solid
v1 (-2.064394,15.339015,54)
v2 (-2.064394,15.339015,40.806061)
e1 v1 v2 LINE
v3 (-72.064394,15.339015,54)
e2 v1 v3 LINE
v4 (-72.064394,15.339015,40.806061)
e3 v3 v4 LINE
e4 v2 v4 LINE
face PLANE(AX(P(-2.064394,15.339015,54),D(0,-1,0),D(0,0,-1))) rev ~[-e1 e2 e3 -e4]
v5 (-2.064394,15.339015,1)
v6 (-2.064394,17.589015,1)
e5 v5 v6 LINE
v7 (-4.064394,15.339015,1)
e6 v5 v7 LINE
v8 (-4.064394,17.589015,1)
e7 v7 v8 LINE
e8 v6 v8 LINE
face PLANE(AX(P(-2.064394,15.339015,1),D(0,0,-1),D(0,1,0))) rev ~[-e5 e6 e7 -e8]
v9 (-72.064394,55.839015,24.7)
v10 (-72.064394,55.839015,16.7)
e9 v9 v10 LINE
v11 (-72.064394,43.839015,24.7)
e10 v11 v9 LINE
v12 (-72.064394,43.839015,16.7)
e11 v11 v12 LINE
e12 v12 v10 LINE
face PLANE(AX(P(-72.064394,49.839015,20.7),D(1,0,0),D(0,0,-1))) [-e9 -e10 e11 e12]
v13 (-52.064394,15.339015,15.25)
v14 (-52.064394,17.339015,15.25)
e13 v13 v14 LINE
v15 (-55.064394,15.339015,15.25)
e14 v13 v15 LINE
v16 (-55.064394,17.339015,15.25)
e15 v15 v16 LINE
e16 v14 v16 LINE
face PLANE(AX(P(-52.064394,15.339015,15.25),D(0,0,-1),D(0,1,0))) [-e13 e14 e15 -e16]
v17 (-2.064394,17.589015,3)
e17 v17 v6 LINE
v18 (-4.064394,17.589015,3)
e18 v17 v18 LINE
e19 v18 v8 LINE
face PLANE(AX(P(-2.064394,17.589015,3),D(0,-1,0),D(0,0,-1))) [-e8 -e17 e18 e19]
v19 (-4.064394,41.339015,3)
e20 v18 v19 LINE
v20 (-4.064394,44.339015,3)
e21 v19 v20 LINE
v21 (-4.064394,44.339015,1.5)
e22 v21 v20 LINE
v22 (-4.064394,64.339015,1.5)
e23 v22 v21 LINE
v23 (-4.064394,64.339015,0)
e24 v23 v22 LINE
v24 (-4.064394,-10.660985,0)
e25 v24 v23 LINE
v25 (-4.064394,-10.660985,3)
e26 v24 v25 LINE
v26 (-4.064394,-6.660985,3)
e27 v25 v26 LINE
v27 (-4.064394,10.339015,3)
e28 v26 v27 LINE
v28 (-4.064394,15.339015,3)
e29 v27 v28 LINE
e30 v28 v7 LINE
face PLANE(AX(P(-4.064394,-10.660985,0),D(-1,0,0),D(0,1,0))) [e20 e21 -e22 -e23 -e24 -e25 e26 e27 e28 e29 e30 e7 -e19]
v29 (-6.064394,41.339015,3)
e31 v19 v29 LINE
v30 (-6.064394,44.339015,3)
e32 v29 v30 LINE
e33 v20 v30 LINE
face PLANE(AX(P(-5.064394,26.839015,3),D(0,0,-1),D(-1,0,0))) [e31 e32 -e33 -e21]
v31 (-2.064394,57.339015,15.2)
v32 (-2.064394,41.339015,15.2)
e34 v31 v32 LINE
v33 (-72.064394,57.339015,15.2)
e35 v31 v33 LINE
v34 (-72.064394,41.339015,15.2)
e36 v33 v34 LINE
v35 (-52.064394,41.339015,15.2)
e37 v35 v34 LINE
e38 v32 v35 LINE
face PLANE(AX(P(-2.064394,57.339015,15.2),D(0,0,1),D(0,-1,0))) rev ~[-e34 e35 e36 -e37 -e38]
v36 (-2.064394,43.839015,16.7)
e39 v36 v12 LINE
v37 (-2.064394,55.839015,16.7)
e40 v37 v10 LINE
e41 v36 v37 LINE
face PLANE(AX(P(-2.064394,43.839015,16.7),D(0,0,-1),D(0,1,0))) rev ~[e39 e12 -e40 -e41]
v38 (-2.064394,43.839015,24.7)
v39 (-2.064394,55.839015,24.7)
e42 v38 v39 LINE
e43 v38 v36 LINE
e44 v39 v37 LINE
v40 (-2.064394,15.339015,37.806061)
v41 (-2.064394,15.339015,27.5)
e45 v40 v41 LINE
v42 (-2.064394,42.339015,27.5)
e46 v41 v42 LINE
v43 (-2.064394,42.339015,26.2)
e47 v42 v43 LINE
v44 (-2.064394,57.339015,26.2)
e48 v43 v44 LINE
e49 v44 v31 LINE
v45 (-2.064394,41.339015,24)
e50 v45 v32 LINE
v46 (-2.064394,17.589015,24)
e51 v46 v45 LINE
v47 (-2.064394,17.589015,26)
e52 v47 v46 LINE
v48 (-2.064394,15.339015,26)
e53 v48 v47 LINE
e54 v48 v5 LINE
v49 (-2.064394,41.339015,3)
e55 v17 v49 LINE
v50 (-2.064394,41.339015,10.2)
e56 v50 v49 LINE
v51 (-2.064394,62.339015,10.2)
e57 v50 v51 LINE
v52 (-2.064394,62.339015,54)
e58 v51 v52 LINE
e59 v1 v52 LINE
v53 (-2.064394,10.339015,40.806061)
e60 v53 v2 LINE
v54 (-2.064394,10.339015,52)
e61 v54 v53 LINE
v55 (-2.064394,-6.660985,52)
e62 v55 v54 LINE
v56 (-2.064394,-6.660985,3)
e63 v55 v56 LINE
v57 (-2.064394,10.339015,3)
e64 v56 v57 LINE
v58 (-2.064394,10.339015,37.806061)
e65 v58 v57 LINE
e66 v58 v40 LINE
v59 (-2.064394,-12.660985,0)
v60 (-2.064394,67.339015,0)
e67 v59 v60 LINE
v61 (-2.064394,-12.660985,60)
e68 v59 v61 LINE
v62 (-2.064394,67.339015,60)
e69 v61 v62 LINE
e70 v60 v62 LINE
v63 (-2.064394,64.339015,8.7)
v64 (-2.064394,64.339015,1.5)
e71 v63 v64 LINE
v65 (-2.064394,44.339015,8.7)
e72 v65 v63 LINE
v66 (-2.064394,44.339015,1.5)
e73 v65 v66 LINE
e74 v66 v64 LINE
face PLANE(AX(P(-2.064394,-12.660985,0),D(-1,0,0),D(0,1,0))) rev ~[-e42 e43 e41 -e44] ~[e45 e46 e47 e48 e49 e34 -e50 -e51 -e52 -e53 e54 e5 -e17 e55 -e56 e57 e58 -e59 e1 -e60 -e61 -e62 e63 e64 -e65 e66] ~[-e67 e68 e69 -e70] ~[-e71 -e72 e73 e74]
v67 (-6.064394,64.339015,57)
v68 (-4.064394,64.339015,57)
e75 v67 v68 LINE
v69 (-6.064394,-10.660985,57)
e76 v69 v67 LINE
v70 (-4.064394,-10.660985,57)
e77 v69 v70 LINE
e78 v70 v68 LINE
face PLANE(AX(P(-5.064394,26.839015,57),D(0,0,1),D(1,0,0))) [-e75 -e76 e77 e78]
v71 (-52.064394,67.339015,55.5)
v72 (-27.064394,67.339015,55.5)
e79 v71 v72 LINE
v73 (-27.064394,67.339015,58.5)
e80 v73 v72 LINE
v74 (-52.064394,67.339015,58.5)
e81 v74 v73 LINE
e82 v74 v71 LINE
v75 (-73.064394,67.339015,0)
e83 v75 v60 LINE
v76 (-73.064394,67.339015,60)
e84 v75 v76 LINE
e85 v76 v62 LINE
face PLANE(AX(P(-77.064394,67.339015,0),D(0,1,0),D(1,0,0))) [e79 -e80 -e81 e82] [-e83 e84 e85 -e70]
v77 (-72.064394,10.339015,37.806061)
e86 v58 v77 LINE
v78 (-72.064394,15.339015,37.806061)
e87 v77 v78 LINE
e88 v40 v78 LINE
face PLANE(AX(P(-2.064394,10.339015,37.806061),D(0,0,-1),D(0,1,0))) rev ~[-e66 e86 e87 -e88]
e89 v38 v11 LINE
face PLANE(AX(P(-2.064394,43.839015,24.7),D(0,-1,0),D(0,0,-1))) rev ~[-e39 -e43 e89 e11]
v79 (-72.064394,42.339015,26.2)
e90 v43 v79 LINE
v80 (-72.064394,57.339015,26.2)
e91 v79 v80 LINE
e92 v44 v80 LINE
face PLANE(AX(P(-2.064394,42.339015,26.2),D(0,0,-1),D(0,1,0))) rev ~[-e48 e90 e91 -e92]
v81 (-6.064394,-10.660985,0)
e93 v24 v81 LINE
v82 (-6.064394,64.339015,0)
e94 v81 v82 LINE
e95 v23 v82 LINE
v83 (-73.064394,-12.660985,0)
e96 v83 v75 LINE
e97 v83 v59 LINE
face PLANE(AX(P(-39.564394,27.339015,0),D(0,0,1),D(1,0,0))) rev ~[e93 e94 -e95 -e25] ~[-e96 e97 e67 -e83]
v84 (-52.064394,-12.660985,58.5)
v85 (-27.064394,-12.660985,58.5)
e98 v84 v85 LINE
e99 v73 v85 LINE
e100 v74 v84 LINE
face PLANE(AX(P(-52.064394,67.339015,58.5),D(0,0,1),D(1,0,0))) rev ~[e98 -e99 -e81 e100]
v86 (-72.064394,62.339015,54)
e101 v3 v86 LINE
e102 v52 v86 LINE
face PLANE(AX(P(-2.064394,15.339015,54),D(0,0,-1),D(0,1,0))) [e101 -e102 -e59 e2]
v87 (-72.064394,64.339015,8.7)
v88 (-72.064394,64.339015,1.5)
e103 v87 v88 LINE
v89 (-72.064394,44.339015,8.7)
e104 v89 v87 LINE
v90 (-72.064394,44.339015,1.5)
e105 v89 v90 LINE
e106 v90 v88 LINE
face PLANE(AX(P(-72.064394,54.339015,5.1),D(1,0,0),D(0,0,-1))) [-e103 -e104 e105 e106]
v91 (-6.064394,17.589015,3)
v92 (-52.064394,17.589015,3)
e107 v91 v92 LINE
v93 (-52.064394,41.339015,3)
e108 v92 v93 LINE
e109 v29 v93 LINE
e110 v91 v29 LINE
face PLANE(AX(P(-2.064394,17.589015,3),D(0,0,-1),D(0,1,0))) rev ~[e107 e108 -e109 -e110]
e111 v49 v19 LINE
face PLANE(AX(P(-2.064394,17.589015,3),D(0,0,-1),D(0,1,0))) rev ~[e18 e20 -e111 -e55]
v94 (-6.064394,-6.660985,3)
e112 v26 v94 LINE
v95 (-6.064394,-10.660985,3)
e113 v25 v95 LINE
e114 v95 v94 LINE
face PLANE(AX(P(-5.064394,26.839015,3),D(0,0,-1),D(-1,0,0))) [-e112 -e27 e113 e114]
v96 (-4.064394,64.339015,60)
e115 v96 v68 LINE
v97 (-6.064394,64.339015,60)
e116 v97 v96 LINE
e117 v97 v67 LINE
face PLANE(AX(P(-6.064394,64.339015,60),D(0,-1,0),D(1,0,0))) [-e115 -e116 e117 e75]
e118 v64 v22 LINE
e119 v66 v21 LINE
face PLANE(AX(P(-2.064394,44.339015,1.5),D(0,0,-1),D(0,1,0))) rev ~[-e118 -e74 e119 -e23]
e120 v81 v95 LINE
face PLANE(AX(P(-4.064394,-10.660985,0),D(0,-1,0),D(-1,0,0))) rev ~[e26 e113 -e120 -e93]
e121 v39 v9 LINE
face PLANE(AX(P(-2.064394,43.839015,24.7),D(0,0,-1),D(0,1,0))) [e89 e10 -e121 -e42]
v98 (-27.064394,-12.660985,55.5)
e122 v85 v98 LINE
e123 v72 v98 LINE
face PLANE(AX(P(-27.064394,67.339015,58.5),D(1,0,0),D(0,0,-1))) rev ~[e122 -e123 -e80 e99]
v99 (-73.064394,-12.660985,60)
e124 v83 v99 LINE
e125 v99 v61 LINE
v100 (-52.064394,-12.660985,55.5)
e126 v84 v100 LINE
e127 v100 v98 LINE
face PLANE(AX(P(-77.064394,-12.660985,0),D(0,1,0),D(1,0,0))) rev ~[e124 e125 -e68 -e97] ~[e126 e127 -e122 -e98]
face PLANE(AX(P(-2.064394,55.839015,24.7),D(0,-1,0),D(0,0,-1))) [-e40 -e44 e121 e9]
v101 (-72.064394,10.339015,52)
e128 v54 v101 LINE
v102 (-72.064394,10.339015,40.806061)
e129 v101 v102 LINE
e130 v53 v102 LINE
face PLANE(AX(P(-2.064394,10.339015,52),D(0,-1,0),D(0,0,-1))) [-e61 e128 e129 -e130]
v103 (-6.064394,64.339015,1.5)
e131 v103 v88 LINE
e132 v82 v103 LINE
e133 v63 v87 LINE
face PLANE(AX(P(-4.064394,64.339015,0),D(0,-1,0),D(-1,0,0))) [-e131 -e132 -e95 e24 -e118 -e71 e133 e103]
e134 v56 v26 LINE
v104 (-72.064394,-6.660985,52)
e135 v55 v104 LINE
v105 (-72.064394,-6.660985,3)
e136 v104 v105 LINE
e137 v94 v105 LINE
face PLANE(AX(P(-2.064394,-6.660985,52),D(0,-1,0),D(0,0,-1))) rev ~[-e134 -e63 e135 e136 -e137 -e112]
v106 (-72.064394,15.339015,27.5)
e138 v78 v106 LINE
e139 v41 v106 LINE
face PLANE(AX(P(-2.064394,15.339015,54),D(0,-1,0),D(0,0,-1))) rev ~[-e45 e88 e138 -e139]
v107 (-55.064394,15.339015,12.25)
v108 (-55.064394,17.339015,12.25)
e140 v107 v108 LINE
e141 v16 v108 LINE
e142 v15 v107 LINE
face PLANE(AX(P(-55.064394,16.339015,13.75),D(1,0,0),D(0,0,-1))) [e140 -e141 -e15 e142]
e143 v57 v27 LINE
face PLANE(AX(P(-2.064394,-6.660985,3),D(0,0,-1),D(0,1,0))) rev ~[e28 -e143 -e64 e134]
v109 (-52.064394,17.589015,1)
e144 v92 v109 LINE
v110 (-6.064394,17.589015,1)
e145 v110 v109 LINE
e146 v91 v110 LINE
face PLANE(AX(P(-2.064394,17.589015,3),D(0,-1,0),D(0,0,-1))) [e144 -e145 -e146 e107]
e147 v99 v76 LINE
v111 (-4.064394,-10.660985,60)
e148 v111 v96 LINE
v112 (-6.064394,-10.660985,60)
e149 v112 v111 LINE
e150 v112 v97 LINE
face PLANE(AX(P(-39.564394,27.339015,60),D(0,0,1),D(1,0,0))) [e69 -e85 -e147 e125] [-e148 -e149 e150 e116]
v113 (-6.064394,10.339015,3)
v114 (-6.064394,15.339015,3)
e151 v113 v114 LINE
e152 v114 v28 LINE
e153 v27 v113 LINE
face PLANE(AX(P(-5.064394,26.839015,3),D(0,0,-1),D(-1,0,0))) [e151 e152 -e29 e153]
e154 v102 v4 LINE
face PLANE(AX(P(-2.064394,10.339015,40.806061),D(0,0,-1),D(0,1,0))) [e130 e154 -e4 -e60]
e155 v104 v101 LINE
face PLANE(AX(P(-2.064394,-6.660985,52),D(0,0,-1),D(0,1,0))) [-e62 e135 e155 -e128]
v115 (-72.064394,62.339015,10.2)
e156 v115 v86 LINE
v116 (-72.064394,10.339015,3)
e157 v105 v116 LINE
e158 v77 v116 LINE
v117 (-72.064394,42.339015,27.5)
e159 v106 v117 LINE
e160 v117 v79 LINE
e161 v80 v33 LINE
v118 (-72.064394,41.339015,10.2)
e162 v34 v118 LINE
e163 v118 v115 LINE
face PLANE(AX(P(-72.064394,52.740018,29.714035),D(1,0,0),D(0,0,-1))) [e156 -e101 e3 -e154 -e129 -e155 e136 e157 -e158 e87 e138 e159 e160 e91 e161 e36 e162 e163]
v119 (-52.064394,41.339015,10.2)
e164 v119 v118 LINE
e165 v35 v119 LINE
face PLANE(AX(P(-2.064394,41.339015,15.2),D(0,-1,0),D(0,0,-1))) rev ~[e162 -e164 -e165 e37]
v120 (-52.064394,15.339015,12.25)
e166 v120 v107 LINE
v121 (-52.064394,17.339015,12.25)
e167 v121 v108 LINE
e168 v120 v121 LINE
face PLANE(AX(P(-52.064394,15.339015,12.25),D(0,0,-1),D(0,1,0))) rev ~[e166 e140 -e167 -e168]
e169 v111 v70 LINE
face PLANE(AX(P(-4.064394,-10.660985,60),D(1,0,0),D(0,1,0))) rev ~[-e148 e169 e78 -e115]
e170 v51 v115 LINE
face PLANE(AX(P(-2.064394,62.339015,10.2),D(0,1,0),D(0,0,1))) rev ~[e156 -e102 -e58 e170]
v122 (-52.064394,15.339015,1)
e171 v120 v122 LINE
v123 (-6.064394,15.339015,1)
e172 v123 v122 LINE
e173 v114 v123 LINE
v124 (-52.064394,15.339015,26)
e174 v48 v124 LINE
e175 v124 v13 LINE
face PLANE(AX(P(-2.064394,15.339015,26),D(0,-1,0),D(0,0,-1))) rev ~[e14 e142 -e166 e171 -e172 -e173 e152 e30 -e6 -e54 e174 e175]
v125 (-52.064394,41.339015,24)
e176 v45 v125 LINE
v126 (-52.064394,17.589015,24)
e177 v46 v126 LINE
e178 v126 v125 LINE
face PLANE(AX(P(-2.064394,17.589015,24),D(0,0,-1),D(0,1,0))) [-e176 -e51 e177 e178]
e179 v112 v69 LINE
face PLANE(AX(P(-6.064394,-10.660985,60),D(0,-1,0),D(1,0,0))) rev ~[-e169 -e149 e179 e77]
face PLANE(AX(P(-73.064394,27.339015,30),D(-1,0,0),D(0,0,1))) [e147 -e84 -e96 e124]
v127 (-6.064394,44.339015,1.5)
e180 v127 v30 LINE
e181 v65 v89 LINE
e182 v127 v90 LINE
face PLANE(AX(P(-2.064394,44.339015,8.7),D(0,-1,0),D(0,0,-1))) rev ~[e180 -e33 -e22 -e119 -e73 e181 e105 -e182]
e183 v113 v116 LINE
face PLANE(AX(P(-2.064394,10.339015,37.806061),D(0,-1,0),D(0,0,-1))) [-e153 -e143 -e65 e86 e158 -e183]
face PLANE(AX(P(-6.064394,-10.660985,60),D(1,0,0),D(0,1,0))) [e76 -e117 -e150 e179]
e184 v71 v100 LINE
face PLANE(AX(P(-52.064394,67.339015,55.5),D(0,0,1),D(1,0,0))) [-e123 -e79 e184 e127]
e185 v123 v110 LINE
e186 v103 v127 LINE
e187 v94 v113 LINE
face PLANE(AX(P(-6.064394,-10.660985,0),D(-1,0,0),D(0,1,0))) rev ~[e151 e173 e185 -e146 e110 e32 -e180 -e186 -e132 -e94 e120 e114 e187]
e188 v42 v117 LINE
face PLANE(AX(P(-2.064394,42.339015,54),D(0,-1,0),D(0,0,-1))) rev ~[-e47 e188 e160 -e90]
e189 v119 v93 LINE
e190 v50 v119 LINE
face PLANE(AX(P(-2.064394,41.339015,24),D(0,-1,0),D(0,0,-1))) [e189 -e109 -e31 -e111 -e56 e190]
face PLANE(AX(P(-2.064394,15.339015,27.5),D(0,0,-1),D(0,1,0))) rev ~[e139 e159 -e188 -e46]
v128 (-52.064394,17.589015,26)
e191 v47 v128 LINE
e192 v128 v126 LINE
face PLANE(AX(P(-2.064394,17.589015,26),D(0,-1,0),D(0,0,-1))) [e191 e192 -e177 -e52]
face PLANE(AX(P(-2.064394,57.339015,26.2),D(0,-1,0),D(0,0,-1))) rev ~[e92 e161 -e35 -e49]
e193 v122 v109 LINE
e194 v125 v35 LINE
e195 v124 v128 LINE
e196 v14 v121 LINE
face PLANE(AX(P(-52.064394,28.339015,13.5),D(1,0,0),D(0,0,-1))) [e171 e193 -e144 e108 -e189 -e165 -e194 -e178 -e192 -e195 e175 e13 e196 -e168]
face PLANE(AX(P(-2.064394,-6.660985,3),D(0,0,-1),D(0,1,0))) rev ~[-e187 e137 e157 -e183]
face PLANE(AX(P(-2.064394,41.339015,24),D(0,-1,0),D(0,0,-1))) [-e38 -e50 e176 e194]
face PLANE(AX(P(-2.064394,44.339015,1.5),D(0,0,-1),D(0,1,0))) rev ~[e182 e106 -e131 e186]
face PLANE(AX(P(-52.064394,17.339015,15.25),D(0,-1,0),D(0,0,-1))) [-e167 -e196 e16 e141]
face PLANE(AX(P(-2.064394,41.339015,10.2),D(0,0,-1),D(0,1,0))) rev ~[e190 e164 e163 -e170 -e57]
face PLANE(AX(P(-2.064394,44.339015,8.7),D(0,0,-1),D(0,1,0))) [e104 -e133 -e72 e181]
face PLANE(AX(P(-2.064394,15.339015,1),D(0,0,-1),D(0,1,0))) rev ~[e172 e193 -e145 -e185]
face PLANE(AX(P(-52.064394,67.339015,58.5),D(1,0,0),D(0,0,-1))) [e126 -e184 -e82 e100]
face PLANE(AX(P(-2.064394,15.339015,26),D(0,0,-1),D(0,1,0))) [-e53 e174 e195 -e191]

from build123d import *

# Parameters (mm, degrees)
SKETCH_1_W           = 75
SKETCH_1_H           = 80
EXTRUDE_1_DEPTH      = 60
CUT_EXTRUDE_2_DEPTH  = 70
CUT_EXTRUDE_3_DEPTH  = 70
CUT_EXTRUDE_4_DEPTH  = 50
CUT_EXTRUDE_5_DEPTH  = 70
SKETCH_4_W           = 2
SKETCH_4_H           = 75
CUT_EXTRUDE_6_DEPTH  = 3
SKETCH_6_W           = 25
SKETCH_6_H           = 3
CUT_EXTRUDE_7_DEPTH  = 127.249438863
SKETCH_7_W           = 3
SKETCH_7_H           = 2
CUT_EXTRUDE_8_DEPTH  = 3
SKETCH_9_W           = 60
SKETCH_9_H           = 80
CUT_EXTRUDE_11_DEPTH = 4
SKETCH_10_W          = 2
SKETCH_10_H          = 75
CUT_EXTRUDE_12_DEPTH = 3
SKETCH_8_W           = 8
SKETCH_8_H           = 12
SKETCH_8_W_2         = 7.2
SKETCH_8_H_2         = 20
CUT_EXTRUDE_13_DEPTH = 70


with BuildPart() as part:
    # 草图1 → 凸台-拉伸1 (new body)
    with BuildSketch(Plane.XY):
        with Locations((-39.564393939, 27.339015152)):
            Rectangle(SKETCH_1_W, SKETCH_1_H)
    extrude(amount=EXTRUDE_1_DEPTH)

    # 草图2<3> → 切除-拉伸2 (cut)
    with BuildSketch(Plane(origin=(-2.064393939, 0, 0), x_dir=(0, 0, -1), z_dir=(1, 0, 0))):
        Polygon((-54, 62.339015152), (-54, 42.339015152), (-26.2, 42.339015152), (-26.2, 57.339015152), (-15.2, 57.339015152), (-15.2, 41.339015152), (-10.2, 41.339015152), (-10.2, 62.339015152), align=None)
    extrude(amount=-CUT_EXTRUDE_2_DEPTH, mode=Mode.SUBTRACT)

    # 草图2<4> → 切除-拉伸3 (cut)
    with BuildSketch(Plane(origin=(-2.064393939, 0, 0), x_dir=(0, 0, -1), z_dir=(1, 0, 0))):
        Polygon((-27.5, 42.339015152), (-54, 42.339015152), (-54, 15.339015152), (-40.806060925, 15.339015152), (-37.806060925, 15.339015152), (-27.5, 15.339015152), align=None)
    extrude(amount=-CUT_EXTRUDE_3_DEPTH, mode=Mode.SUBTRACT)

    # 草图2<5> → 切除-拉伸4 (cut)
    with BuildSketch(Plane(origin=(-2.064393939, 0, 0), x_dir=(0, 0, -1), z_dir=(1, 0, 0))):
        Polygon((-24, 41.339015152), (-24, 17.589015152), (-26, 17.589015152), (-26, 15.339015152), (-1, 15.339015152), (-1, 17.589015152), (-3, 17.589015152), (-3, 41.339015152), align=None)
    extrude(amount=-CUT_EXTRUDE_4_DEPTH, mode=Mode.SUBTRACT)

    # 草图2 → 切除-拉伸5 (cut)
    with BuildSketch(Plane(origin=(-2.064393939, 0, 0), x_dir=(0, 0, -1), z_dir=(1, 0, 0))):
        Polygon((-37.806060925, 15.339015152), (-40.806060925, 15.339015152), (-40.806060925, 10.339015152), (-52, 10.339015152), (-52, -6.660984848), (-3, -6.660984848), (-3, 10.339015152), (-37.806060925, 10.339015152), align=None)
    extrude(amount=-CUT_EXTRUDE_5_DEPTH, mode=Mode.SUBTRACT)

    # 草图4 → 切除-拉伸6 (cut)
    with BuildSketch(Plane(origin=(0, 0, 0), x_dir=(-1, 0, 0), z_dir=(0, 0, -1))):
        with Locations((5.064393939, 26.839015152)):
            Rectangle(SKETCH_4_W, SKETCH_4_H)
    extrude(amount=-CUT_EXTRUDE_6_DEPTH, mode=Mode.SUBTRACT)

    # 草图6 → 切除-拉伸7 (cut, through all)
    with BuildSketch(Plane(origin=(0, 67.339015152, 0), x_dir=(1, 0, 0), z_dir=(0, 1, 0))):
        with Locations((-39.564393939, -57)):
            Rectangle(SKETCH_6_W, SKETCH_6_H)
    extrude(amount=-CUT_EXTRUDE_7_DEPTH, mode=Mode.SUBTRACT)

    # 草图7 → 切除-拉伸8 (cut)
    with BuildSketch(Plane(origin=(-52.064393939, 0, 0), x_dir=(0, 0, -1), z_dir=(1, 0, 0))):
        with Locations((-13.75, 16.339015152)):
            Rectangle(SKETCH_7_W, SKETCH_7_H)
    extrude(amount=-CUT_EXTRUDE_8_DEPTH, mode=Mode.SUBTRACT)

    # 草图9 → 切除-拉伸11 (cut)
    with BuildSketch(Plane.ZY.offset(77.064393939)):
        with Locations((30, 27.339015152)):
            Rectangle(SKETCH_9_W, SKETCH_9_H)
    extrude(amount=-CUT_EXTRUDE_11_DEPTH, mode=Mode.SUBTRACT)

    # 草图10 → 切除-拉伸12 (cut)
    with BuildSketch(Plane.XY.offset(60)):
        with Locations((-5.064393939, 26.839015152)):
            Rectangle(SKETCH_10_W, SKETCH_10_H)
    extrude(amount=-CUT_EXTRUDE_12_DEPTH, mode=Mode.SUBTRACT)

    # 草图8 → 切除-拉伸13 (cut)
    with BuildSketch(Plane(origin=(-2.064393939, 0, 0), x_dir=(0, 0, -1), z_dir=(1, 0, 0))):
        with Locations((-20.7, 49.839015152)):
            Rectangle(SKETCH_8_W, SKETCH_8_H)
        with Locations((-5.1, 54.339015152)):
            Rectangle(SKETCH_8_W_2, SKETCH_8_H_2)
    extrude(amount=-CUT_EXTRUDE_13_DEPTH, mode=Mode.SUBTRACT)


solid = part.part
